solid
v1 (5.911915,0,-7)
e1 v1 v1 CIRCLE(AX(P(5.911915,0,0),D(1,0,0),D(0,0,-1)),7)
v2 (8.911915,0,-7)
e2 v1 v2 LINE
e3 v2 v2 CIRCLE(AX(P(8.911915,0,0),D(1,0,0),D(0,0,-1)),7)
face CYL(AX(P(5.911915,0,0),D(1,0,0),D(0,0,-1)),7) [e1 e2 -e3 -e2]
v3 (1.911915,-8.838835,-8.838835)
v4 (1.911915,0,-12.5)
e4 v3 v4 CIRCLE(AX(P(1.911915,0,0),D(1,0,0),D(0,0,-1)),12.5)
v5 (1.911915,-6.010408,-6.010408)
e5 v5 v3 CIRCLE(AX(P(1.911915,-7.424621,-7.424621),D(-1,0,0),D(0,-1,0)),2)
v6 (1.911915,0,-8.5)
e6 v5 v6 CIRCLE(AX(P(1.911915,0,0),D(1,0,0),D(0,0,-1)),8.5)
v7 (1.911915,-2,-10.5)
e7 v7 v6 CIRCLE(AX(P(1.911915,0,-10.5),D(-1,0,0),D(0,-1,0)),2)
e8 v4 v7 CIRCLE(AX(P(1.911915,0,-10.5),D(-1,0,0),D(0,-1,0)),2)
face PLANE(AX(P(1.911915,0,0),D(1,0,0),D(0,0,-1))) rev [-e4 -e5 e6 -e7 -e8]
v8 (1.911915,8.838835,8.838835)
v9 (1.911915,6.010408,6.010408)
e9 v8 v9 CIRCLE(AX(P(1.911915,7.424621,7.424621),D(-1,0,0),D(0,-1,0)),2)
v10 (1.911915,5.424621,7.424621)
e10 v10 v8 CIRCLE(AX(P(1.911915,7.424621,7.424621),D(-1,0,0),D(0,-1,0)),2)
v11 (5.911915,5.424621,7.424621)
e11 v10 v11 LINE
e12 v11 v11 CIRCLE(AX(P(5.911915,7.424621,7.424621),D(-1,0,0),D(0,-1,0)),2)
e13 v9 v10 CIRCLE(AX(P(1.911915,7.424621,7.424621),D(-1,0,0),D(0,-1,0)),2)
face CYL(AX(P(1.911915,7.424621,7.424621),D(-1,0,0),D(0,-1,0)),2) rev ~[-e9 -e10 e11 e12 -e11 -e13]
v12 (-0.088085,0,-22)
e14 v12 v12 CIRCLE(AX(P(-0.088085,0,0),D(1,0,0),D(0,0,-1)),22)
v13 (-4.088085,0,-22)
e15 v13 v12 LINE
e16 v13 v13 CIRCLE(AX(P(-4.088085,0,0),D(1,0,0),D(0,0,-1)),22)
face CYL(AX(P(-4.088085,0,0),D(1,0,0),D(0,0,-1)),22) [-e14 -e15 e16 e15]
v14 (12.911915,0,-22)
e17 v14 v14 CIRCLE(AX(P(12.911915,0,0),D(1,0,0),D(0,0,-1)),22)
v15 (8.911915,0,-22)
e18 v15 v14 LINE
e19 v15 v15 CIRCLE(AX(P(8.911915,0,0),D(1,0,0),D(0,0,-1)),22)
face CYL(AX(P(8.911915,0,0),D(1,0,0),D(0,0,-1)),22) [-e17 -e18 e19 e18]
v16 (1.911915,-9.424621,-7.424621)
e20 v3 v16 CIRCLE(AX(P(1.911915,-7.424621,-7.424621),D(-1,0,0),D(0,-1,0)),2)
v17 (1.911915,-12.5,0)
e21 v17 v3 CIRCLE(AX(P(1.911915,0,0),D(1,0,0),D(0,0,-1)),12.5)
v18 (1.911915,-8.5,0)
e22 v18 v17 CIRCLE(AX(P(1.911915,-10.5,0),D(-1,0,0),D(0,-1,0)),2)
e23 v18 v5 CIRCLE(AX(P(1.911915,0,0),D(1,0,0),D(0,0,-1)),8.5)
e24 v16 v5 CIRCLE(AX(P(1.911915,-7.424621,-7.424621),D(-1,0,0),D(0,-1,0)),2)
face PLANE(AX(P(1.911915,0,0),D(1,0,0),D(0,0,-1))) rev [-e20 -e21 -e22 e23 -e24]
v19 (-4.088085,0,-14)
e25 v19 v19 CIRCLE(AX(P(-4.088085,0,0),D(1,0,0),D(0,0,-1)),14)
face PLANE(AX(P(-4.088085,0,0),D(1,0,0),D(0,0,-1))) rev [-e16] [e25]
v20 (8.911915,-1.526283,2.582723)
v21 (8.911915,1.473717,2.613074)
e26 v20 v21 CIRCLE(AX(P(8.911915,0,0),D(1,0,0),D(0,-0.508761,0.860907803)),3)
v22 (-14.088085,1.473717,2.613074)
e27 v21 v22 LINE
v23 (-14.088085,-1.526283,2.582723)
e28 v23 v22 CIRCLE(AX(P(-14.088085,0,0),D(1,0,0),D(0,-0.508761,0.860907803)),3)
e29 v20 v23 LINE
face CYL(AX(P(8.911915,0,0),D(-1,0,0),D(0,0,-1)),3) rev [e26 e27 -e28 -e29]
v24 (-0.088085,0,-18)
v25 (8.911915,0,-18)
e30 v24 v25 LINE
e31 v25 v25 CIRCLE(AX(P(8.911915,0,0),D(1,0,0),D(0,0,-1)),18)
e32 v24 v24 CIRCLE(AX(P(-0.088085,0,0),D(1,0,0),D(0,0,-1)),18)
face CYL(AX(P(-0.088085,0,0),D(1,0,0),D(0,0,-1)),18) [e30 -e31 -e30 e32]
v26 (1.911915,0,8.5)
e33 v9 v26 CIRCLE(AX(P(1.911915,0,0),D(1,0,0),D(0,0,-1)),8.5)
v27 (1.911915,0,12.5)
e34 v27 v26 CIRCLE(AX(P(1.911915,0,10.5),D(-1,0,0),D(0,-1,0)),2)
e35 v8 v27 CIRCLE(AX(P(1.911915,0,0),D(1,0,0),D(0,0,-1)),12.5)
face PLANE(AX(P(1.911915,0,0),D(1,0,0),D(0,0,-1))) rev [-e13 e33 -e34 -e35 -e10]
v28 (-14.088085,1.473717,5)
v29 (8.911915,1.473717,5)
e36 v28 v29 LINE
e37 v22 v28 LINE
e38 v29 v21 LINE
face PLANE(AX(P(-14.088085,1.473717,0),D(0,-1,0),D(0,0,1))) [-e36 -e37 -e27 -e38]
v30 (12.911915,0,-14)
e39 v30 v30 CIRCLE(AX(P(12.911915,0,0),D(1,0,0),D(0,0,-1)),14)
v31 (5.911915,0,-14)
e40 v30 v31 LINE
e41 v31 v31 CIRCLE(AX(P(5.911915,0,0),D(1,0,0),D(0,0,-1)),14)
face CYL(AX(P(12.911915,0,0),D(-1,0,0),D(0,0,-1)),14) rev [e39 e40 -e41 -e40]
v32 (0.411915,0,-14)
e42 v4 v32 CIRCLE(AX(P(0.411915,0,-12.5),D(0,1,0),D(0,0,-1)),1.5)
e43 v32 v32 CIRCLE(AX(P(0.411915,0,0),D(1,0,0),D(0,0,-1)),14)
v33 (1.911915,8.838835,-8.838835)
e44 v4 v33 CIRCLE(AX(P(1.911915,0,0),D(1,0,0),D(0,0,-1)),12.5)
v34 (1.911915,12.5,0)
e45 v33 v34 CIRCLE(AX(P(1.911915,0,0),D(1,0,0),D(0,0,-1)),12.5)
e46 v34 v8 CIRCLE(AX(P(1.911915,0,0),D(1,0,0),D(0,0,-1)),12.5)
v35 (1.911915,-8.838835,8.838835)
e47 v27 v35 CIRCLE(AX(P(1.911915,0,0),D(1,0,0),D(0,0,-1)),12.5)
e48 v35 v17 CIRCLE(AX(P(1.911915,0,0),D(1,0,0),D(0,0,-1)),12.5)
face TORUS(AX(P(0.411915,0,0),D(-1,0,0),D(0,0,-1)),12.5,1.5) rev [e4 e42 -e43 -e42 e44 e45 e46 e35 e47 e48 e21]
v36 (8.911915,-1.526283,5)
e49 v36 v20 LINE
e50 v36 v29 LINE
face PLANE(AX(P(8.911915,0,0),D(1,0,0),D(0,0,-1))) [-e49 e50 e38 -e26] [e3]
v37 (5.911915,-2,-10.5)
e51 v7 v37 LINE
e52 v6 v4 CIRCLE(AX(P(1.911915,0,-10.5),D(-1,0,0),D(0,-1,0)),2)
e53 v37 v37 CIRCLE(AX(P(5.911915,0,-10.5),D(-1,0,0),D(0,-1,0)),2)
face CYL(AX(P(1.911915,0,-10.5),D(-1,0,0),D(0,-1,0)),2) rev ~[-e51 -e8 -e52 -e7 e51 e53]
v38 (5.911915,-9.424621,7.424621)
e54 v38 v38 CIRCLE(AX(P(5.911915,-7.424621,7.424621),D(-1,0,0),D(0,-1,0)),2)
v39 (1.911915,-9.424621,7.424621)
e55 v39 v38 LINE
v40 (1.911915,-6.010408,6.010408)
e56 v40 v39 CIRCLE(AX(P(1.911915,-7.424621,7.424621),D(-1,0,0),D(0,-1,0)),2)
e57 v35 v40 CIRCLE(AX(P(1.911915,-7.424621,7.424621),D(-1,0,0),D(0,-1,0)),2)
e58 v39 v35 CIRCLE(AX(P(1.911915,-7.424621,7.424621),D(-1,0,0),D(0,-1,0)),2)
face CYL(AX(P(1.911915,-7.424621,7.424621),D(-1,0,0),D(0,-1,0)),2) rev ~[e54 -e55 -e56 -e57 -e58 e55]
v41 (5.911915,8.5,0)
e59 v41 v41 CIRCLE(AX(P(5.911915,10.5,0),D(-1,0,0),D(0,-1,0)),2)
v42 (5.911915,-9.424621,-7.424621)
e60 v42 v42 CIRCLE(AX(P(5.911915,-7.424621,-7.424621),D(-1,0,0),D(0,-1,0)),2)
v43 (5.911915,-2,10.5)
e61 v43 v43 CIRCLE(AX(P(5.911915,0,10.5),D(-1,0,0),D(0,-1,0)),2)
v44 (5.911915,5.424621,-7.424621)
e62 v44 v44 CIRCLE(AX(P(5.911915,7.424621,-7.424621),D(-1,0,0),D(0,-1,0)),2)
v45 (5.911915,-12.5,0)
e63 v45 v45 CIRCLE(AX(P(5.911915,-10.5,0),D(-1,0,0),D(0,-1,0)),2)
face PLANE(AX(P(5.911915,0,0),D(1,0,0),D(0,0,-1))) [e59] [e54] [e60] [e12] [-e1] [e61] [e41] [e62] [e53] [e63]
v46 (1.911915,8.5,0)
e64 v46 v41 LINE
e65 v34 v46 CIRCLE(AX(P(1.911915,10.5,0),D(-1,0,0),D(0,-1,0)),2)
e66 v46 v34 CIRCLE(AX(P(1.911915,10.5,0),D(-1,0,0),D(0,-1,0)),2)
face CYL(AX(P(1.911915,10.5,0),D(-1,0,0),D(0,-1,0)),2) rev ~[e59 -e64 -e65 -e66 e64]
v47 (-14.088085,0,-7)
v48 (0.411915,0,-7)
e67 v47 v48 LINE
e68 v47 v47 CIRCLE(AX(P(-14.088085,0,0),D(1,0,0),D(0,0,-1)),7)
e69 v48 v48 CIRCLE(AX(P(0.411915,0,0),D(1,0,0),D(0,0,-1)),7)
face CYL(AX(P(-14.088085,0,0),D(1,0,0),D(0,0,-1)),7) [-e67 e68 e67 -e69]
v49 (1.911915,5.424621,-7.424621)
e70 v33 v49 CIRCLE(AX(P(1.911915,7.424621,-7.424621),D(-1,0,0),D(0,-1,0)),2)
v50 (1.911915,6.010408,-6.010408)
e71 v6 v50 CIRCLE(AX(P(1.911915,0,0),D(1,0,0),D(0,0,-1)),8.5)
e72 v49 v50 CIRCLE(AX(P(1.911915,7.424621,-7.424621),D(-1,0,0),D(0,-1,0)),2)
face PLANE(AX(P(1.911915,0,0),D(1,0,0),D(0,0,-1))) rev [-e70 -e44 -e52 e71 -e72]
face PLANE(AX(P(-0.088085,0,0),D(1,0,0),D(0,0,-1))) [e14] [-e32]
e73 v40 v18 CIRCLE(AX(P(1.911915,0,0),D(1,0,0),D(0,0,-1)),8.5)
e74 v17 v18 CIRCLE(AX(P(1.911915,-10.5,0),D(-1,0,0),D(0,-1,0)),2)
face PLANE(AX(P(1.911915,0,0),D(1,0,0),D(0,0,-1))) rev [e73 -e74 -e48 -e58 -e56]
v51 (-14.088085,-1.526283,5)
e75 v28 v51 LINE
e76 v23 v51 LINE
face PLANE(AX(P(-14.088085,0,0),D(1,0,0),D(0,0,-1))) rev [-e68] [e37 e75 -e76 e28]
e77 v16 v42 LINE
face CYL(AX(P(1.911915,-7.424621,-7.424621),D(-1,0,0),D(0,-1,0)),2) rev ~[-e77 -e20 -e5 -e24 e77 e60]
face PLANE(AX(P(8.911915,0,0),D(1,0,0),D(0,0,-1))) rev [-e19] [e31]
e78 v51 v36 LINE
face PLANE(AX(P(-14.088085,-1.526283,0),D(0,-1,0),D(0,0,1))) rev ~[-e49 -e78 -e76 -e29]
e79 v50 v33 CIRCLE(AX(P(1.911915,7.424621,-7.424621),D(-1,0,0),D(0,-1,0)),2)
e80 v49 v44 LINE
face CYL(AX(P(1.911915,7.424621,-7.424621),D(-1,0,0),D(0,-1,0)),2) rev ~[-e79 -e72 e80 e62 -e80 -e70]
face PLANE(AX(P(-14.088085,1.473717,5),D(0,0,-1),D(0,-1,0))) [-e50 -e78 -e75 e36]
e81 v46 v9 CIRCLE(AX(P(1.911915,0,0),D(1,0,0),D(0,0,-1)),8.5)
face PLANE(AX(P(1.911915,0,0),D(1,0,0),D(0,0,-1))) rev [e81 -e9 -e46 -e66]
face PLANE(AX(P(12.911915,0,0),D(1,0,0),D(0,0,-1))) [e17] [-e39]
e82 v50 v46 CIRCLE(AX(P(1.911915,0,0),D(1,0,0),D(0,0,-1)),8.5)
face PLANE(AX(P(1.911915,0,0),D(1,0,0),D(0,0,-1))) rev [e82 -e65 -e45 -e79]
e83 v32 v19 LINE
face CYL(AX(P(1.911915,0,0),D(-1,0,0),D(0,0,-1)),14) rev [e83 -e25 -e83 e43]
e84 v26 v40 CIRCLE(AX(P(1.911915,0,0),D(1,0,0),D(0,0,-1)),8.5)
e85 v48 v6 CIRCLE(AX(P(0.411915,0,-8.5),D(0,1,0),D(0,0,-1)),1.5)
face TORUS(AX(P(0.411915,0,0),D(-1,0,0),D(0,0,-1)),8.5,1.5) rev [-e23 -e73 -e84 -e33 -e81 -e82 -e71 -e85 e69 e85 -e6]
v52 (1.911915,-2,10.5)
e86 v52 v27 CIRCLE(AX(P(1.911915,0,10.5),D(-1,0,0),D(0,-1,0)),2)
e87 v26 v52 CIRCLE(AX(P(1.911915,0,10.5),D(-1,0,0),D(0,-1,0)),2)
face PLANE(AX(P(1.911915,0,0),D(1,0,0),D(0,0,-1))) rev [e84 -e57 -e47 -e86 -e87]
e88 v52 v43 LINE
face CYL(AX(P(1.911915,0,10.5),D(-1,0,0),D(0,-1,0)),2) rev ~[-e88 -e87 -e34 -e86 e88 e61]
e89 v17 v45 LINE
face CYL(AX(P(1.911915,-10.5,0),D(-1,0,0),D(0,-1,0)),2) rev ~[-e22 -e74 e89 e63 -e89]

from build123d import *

# Parameters (mm, degrees)
F2_R     = 1.5
F3_R     = 2
F4_DEPTH = 25
F5_W     = 3
F5_H     = 5
F6_DEPTH = 50


with BuildPart() as f1:
    # F0 (on Front) → F1 (revolve)
    with BuildSketch(Plane.XZ):
        Polygon((8.911915, -3), (-14.088085, -3), (-14.088085, -7), (1.911915, -7), (1.911915, -14), (-4.088085, -14), (-4.088085, -22), (-0.088085, -22), (-0.088085, -18), (8.911915, -18), (8.911915, -22), (12.911915, -22), (12.911915, -14), (5.911915, -14), (5.911915, -7), (8.911915, -7), align=None)
    revolve(axis=Axis((-1.3057, 0, 0), (1, 0, 0)))

    # F2
    f2_edges = [f1.edges().sort_by_distance(p)[0] for p in [
        (1.911915, 0, 7),
        (1.911915, 0, 14),
    ]]
    fillet(f2_edges, radius=F2_R)

    # F3 (on face) → F4 (cut)
    with BuildSketch(Plane(origin=(1.911915, 0, 0), x_dir=(0, -1, 0), z_dir=(-1, 0, 0))):
        with Locations((-10.5, 0)):
            Circle(F3_R)
        with Locations((-7.424621, -7.424621)):
            Circle(F3_R)
        with Locations((0, -10.5)):
            Circle(F3_R)
        with Locations((7.424621, -7.424621)):
            Circle(F3_R)
        with Locations((10.5, 0)):
            Circle(F3_R)
        with Locations((7.424621, 7.424621)):
            Circle(F3_R)
        with Locations((0, 10.5)):
            Circle(F3_R)
        with Locations((-7.424621, 7.424621)):
            Circle(F3_R)
    extrude(amount=-F4_DEPTH, mode=Mode.SUBTRACT)

    # F5 (on face) → F6 (cut)
    with BuildSketch(Plane(origin=(-14.088085, 0, 0), x_dir=(0, -1, 0), z_dir=(-1, 0, 0))):
        with Locations((0.026283, 2.5)):
            Rectangle(F5_W, F5_H)
    extrude(amount=-F6_DEPTH, mode=Mode.SUBTRACT)


solid = f1.part
